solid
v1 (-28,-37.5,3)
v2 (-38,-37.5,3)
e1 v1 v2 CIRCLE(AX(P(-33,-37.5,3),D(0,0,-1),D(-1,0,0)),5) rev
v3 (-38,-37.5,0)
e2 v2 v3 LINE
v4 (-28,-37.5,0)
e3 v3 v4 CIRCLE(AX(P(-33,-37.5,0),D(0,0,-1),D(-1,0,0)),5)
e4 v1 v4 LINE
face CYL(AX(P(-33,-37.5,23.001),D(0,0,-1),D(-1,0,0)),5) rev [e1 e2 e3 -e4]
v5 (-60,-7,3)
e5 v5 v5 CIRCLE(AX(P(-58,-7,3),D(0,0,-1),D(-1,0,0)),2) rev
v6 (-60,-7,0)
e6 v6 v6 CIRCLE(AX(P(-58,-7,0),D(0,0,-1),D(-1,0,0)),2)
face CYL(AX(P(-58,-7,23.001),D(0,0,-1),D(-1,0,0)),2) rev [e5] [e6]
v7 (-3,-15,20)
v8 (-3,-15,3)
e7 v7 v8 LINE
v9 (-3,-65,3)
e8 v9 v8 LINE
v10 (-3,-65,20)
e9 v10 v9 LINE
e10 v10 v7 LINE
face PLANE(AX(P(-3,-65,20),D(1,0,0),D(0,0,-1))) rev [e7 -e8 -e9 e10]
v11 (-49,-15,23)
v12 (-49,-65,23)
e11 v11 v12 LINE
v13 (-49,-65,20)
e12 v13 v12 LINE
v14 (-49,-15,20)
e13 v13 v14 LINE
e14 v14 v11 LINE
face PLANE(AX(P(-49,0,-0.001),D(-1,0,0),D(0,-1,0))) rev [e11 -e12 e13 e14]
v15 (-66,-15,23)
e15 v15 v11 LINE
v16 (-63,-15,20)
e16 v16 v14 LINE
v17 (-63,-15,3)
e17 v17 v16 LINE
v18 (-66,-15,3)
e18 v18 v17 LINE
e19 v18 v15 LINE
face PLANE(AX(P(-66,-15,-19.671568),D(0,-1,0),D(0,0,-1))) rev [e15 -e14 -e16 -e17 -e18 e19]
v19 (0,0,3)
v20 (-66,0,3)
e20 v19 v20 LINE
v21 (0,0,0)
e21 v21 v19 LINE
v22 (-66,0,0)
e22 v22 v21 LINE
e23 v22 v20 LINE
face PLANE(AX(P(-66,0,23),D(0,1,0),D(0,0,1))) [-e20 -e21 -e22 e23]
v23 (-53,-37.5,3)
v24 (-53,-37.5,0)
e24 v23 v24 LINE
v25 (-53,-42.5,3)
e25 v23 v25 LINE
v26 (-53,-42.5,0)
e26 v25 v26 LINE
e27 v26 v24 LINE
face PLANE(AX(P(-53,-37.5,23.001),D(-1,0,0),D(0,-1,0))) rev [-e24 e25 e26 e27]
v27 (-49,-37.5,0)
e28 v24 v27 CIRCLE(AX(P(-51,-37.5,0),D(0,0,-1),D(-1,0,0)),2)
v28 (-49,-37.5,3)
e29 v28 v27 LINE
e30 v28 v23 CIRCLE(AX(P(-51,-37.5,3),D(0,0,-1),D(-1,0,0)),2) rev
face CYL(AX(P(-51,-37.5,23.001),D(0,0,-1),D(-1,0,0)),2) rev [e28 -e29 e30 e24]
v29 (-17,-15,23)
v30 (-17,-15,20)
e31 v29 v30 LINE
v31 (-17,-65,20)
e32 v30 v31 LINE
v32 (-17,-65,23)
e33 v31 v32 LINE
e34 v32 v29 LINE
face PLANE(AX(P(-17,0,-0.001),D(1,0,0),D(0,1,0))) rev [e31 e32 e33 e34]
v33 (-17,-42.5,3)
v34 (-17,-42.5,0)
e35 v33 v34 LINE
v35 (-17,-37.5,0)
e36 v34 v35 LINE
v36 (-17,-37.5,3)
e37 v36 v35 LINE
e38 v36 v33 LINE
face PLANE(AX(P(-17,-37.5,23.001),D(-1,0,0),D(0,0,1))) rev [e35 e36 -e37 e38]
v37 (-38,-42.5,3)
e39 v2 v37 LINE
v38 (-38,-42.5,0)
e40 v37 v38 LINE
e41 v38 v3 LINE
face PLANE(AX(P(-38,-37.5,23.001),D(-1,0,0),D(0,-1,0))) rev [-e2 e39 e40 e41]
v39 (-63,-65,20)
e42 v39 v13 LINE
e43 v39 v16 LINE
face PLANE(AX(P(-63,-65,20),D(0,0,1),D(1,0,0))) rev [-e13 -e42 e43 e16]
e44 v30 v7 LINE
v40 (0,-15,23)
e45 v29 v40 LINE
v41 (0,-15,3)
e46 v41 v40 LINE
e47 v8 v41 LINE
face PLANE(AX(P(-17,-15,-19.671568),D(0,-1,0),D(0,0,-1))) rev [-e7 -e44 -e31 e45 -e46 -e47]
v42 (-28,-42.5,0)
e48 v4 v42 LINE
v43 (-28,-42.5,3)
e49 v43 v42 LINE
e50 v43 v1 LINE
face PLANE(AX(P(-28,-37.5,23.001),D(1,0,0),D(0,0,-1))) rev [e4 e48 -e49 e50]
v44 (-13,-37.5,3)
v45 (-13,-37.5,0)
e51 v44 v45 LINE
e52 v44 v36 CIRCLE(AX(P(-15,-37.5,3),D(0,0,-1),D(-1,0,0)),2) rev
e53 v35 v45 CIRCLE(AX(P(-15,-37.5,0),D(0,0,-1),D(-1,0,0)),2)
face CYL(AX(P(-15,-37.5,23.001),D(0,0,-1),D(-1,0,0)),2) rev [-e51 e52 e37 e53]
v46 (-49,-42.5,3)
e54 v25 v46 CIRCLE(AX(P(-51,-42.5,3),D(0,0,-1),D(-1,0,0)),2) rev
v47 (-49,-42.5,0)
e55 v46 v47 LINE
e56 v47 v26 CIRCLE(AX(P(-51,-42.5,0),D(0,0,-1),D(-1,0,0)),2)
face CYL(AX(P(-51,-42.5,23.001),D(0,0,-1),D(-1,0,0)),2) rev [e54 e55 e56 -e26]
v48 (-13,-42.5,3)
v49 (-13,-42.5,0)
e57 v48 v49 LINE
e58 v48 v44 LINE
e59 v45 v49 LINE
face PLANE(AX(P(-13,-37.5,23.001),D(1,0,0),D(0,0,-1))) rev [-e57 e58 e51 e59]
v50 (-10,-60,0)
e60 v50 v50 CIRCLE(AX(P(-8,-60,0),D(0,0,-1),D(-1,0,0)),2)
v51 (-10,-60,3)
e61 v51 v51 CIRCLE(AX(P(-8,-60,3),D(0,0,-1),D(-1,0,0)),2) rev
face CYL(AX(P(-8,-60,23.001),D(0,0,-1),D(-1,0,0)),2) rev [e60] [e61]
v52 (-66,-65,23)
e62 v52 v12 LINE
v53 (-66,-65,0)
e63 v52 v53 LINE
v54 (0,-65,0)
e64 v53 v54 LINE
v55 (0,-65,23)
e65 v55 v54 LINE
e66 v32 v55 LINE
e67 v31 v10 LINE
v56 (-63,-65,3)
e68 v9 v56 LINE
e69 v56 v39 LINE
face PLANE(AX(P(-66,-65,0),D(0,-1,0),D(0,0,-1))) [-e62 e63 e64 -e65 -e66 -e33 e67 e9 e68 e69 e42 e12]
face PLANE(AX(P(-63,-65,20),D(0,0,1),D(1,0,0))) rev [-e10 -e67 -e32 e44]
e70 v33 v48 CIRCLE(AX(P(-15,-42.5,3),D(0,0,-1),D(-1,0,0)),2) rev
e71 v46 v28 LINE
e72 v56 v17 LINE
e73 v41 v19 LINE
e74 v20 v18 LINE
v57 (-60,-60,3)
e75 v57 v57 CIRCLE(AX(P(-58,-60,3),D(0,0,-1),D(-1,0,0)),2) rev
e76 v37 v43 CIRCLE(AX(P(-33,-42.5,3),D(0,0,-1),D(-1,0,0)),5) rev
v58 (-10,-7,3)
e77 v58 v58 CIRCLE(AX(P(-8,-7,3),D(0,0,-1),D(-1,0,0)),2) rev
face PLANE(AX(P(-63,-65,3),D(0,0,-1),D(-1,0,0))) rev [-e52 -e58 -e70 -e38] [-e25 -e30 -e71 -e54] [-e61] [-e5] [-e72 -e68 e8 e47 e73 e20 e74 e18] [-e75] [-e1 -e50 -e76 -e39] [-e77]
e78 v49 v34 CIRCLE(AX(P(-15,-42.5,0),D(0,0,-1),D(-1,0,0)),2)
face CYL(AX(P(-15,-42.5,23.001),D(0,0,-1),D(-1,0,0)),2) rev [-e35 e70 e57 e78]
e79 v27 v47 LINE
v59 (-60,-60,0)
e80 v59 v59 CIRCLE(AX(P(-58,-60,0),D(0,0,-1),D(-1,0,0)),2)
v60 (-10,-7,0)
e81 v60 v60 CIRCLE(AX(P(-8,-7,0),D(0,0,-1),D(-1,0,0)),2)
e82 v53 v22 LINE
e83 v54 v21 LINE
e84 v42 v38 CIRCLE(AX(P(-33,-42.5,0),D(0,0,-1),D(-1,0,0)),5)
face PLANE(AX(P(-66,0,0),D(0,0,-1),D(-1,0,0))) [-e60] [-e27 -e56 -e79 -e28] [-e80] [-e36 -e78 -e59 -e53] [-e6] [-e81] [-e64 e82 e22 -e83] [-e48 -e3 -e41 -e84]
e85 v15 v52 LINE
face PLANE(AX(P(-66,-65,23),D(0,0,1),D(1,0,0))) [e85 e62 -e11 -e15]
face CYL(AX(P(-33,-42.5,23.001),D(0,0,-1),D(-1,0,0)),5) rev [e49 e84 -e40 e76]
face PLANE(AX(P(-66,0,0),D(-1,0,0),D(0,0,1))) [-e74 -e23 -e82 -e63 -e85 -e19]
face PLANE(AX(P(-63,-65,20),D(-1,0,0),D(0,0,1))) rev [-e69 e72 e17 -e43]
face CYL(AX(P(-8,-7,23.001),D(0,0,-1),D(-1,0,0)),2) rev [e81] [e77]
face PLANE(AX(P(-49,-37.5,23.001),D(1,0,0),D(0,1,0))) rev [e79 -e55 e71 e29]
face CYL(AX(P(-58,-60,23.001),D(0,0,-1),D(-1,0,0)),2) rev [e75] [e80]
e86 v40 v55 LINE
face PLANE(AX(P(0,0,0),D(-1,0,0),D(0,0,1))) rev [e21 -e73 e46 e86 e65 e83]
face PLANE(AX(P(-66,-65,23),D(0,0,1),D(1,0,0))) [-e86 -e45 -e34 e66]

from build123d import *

# Parameters (mm, degrees)
SKETCH1_W           = 23
SKETCH1_H           = 65
BOSS_EXTRUDE1_DEPTH = 66
SKETCH2_W           = 60
SKETCH2_H           = 17
CUT_EXTRUDE1_DEPTH  = 66
CUT_EXTRUDE2_REACH  = 25
SKETCH3_W           = 32
SKETCH3_H           = 65
CUT_EXTRUDE3_REACH  = 25
SKETCH5_R           = 2
SKETCH6_W           = 17
SKETCH6_H           = 15
CUT_EXTRUDE4_DEPTH  = 20


with BuildPart() as part:
    # Sketch1 → Boss-Extrude1 (new body)
    with BuildSketch(Plane(origin=(0, 0, 0), x_dir=(0, 0, -1), z_dir=(1, 0, 0))):
        with Locations((-11.5, -32.5)):
            Rectangle(SKETCH1_W, SKETCH1_H)
    extrude(amount=-BOSS_EXTRUDE1_DEPTH)

    # Sketch2 → Cut-Extrude1 (cut, through all)
    with BuildSketch(Plane(origin=(0, 0, 0), x_dir=(1, 0, 0), z_dir=(0, 1, 0))):
        with Locations((-33, -11.5)):
            Rectangle(SKETCH2_W, SKETCH2_H)
    extrude(amount=-CUT_EXTRUDE1_DEPTH, mode=Mode.SUBTRACT)

    # Sketch3 → Cut-Extrude2 (cut, up to next)
    with BuildSketch(Plane.XY.offset(23), mode=Mode.PRIVATE) as cut_extrude2_sk1:
        with Locations((-33, -32.5)):
            Rectangle(SKETCH3_W, SKETCH3_H)
    cut_extrude2_tool1 = extrude(cut_extrude2_sk1.sketch, amount=-CUT_EXTRUDE2_REACH, mode=Mode.PRIVATE) & part.part
    add(cut_extrude2_tool1.solids().sort_by_distance((-33, -32.5, 23))[0], mode=Mode.SUBTRACT)

    # Sketch5 → Cut-Extrude3 (cut, up to next)
    with BuildSketch(Plane(origin=(0, 0, 0), x_dir=(-1, 0, 0), z_dir=(0, 0, -1)), mode=Mode.PRIVATE) as cut_extrude3_sk1:
        with Locations((8, -7)):
            Circle(SKETCH5_R)
    cut_extrude3_tool1 = extrude(cut_extrude3_sk1.sketch, amount=-CUT_EXTRUDE3_REACH, mode=Mode.PRIVATE) & part.part
    add(cut_extrude3_tool1.solids().sort_by_distance((-8, -7, 0))[0], mode=Mode.SUBTRACT)
    # Sketch5 → Cut-Extrude3 (cut, up to next)
    with BuildSketch(Plane(origin=(0, 0, 0), x_dir=(-1, 0, 0), z_dir=(0, 0, -1)), mode=Mode.PRIVATE) as cut_extrude3_sk2:
        with Locations((58, -7)):
            Circle(SKETCH5_R)
    cut_extrude3_tool2 = extrude(cut_extrude3_sk2.sketch, amount=-CUT_EXTRUDE3_REACH, mode=Mode.PRIVATE) & part.part
    add(cut_extrude3_tool2.solids().sort_by_distance((-58, -7, 0))[0], mode=Mode.SUBTRACT)
    # Sketch5 → Cut-Extrude3 (cut, up to next)
    with BuildSketch(Plane(origin=(0, 0, 0), x_dir=(-1, 0, 0), z_dir=(0, 0, -1)), mode=Mode.PRIVATE) as cut_extrude3_sk3:
        with Locations((8, -60)):
            Circle(SKETCH5_R)
    cut_extrude3_tool3 = extrude(cut_extrude3_sk3.sketch, amount=-CUT_EXTRUDE3_REACH, mode=Mode.PRIVATE) & part.part
    add(cut_extrude3_tool3.solids().sort_by_distance((-8, -60, 0))[0], mode=Mode.SUBTRACT)
    # Sketch5 → Cut-Extrude3 (cut, up to next)
    with BuildSketch(Plane(origin=(0, 0, 0), x_dir=(-1, 0, 0), z_dir=(0, 0, -1)), mode=Mode.PRIVATE) as cut_extrude3_sk4:
        with Locations((58, -60)):
            Circle(SKETCH5_R)
    cut_extrude3_tool4 = extrude(cut_extrude3_sk4.sketch, amount=-CUT_EXTRUDE3_REACH, mode=Mode.PRIVATE) & part.part
    add(cut_extrude3_tool4.solids().sort_by_distance((-58, -60, 0))[0], mode=Mode.SUBTRACT)
    # Sketch5 → Cut-Extrude3 (cut, up to next)
    with BuildSketch(Plane(origin=(0, 0, 0), x_dir=(-1, 0, 0), z_dir=(0, 0, -1)), mode=Mode.PRIVATE) as cut_extrude3_sk5:
        with BuildLine():
            Line((38, -37.5), (38, -42.5))
            ThreePointArc((38, -42.5), (33, -47.5), (28, -42.5))
            Line((28, -42.5), (28, -37.5))
            ThreePointArc((28, -37.5), (33, -32.5), (38, -37.5))
        make_face()
    cut_extrude3_tool5 = extrude(cut_extrude3_sk5.sketch, amount=-CUT_EXTRUDE3_REACH, mode=Mode.PRIVATE) & part.part
    add(cut_extrude3_tool5.solids().sort_by_distance((-33, -40, 0))[0], mode=Mode.SUBTRACT)
    # Sketch5 → Cut-Extrude3 (cut, up to next)
    with BuildSketch(Plane(origin=(0, 0, 0), x_dir=(-1, 0, 0), z_dir=(0, 0, -1)), mode=Mode.PRIVATE) as cut_extrude3_sk6:
        with BuildLine():
            Line((17, -37.5), (17, -42.5))
            ThreePointArc((17, -42.5), (15, -44.5), (13, -42.5))
            Line((13, -42.5), (13, -37.5))
            ThreePointArc((13, -37.5), (15, -35.5), (17, -37.5))
        make_face()
    cut_extrude3_tool6 = extrude(cut_extrude3_sk6.sketch, amount=-CUT_EXTRUDE3_REACH, mode=Mode.PRIVATE) & part.part
    add(cut_extrude3_tool6.solids().sort_by_distance((-15, -40, 0))[0], mode=Mode.SUBTRACT)
    # Sketch5 → Cut-Extrude3 (cut, up to next)
    with BuildSketch(Plane(origin=(0, 0, 0), x_dir=(-1, 0, 0), z_dir=(0, 0, -1)), mode=Mode.PRIVATE) as cut_extrude3_sk7:
        with BuildLine():
            Line((53, -37.5), (53, -42.5))
            ThreePointArc((53, -42.5), (51, -44.5), (49, -42.5))
            Line((49, -42.5), (49, -37.5))
            ThreePointArc((49, -37.5), (51, -35.5), (53, -37.5))
        make_face()
    cut_extrude3_tool7 = extrude(cut_extrude3_sk7.sketch, amount=-CUT_EXTRUDE3_REACH, mode=Mode.PRIVATE) & part.part
    add(cut_extrude3_tool7.solids().sort_by_distance((-51, -40, 0))[0], mode=Mode.SUBTRACT)

    # Sketch6 → Cut-Extrude4 (cut)
    with BuildSketch(Plane.XY.offset(23)):
        with Locations((-57.5, -7.5)):
            Rectangle(SKETCH6_W, SKETCH6_H)
        with Locations((-8.5, -7.5)):
            Rectangle(SKETCH6_W, SKETCH6_H)
    extrude(amount=-CUT_EXTRUDE4_DEPTH, mode=Mode.SUBTRACT)


solid = part.part
